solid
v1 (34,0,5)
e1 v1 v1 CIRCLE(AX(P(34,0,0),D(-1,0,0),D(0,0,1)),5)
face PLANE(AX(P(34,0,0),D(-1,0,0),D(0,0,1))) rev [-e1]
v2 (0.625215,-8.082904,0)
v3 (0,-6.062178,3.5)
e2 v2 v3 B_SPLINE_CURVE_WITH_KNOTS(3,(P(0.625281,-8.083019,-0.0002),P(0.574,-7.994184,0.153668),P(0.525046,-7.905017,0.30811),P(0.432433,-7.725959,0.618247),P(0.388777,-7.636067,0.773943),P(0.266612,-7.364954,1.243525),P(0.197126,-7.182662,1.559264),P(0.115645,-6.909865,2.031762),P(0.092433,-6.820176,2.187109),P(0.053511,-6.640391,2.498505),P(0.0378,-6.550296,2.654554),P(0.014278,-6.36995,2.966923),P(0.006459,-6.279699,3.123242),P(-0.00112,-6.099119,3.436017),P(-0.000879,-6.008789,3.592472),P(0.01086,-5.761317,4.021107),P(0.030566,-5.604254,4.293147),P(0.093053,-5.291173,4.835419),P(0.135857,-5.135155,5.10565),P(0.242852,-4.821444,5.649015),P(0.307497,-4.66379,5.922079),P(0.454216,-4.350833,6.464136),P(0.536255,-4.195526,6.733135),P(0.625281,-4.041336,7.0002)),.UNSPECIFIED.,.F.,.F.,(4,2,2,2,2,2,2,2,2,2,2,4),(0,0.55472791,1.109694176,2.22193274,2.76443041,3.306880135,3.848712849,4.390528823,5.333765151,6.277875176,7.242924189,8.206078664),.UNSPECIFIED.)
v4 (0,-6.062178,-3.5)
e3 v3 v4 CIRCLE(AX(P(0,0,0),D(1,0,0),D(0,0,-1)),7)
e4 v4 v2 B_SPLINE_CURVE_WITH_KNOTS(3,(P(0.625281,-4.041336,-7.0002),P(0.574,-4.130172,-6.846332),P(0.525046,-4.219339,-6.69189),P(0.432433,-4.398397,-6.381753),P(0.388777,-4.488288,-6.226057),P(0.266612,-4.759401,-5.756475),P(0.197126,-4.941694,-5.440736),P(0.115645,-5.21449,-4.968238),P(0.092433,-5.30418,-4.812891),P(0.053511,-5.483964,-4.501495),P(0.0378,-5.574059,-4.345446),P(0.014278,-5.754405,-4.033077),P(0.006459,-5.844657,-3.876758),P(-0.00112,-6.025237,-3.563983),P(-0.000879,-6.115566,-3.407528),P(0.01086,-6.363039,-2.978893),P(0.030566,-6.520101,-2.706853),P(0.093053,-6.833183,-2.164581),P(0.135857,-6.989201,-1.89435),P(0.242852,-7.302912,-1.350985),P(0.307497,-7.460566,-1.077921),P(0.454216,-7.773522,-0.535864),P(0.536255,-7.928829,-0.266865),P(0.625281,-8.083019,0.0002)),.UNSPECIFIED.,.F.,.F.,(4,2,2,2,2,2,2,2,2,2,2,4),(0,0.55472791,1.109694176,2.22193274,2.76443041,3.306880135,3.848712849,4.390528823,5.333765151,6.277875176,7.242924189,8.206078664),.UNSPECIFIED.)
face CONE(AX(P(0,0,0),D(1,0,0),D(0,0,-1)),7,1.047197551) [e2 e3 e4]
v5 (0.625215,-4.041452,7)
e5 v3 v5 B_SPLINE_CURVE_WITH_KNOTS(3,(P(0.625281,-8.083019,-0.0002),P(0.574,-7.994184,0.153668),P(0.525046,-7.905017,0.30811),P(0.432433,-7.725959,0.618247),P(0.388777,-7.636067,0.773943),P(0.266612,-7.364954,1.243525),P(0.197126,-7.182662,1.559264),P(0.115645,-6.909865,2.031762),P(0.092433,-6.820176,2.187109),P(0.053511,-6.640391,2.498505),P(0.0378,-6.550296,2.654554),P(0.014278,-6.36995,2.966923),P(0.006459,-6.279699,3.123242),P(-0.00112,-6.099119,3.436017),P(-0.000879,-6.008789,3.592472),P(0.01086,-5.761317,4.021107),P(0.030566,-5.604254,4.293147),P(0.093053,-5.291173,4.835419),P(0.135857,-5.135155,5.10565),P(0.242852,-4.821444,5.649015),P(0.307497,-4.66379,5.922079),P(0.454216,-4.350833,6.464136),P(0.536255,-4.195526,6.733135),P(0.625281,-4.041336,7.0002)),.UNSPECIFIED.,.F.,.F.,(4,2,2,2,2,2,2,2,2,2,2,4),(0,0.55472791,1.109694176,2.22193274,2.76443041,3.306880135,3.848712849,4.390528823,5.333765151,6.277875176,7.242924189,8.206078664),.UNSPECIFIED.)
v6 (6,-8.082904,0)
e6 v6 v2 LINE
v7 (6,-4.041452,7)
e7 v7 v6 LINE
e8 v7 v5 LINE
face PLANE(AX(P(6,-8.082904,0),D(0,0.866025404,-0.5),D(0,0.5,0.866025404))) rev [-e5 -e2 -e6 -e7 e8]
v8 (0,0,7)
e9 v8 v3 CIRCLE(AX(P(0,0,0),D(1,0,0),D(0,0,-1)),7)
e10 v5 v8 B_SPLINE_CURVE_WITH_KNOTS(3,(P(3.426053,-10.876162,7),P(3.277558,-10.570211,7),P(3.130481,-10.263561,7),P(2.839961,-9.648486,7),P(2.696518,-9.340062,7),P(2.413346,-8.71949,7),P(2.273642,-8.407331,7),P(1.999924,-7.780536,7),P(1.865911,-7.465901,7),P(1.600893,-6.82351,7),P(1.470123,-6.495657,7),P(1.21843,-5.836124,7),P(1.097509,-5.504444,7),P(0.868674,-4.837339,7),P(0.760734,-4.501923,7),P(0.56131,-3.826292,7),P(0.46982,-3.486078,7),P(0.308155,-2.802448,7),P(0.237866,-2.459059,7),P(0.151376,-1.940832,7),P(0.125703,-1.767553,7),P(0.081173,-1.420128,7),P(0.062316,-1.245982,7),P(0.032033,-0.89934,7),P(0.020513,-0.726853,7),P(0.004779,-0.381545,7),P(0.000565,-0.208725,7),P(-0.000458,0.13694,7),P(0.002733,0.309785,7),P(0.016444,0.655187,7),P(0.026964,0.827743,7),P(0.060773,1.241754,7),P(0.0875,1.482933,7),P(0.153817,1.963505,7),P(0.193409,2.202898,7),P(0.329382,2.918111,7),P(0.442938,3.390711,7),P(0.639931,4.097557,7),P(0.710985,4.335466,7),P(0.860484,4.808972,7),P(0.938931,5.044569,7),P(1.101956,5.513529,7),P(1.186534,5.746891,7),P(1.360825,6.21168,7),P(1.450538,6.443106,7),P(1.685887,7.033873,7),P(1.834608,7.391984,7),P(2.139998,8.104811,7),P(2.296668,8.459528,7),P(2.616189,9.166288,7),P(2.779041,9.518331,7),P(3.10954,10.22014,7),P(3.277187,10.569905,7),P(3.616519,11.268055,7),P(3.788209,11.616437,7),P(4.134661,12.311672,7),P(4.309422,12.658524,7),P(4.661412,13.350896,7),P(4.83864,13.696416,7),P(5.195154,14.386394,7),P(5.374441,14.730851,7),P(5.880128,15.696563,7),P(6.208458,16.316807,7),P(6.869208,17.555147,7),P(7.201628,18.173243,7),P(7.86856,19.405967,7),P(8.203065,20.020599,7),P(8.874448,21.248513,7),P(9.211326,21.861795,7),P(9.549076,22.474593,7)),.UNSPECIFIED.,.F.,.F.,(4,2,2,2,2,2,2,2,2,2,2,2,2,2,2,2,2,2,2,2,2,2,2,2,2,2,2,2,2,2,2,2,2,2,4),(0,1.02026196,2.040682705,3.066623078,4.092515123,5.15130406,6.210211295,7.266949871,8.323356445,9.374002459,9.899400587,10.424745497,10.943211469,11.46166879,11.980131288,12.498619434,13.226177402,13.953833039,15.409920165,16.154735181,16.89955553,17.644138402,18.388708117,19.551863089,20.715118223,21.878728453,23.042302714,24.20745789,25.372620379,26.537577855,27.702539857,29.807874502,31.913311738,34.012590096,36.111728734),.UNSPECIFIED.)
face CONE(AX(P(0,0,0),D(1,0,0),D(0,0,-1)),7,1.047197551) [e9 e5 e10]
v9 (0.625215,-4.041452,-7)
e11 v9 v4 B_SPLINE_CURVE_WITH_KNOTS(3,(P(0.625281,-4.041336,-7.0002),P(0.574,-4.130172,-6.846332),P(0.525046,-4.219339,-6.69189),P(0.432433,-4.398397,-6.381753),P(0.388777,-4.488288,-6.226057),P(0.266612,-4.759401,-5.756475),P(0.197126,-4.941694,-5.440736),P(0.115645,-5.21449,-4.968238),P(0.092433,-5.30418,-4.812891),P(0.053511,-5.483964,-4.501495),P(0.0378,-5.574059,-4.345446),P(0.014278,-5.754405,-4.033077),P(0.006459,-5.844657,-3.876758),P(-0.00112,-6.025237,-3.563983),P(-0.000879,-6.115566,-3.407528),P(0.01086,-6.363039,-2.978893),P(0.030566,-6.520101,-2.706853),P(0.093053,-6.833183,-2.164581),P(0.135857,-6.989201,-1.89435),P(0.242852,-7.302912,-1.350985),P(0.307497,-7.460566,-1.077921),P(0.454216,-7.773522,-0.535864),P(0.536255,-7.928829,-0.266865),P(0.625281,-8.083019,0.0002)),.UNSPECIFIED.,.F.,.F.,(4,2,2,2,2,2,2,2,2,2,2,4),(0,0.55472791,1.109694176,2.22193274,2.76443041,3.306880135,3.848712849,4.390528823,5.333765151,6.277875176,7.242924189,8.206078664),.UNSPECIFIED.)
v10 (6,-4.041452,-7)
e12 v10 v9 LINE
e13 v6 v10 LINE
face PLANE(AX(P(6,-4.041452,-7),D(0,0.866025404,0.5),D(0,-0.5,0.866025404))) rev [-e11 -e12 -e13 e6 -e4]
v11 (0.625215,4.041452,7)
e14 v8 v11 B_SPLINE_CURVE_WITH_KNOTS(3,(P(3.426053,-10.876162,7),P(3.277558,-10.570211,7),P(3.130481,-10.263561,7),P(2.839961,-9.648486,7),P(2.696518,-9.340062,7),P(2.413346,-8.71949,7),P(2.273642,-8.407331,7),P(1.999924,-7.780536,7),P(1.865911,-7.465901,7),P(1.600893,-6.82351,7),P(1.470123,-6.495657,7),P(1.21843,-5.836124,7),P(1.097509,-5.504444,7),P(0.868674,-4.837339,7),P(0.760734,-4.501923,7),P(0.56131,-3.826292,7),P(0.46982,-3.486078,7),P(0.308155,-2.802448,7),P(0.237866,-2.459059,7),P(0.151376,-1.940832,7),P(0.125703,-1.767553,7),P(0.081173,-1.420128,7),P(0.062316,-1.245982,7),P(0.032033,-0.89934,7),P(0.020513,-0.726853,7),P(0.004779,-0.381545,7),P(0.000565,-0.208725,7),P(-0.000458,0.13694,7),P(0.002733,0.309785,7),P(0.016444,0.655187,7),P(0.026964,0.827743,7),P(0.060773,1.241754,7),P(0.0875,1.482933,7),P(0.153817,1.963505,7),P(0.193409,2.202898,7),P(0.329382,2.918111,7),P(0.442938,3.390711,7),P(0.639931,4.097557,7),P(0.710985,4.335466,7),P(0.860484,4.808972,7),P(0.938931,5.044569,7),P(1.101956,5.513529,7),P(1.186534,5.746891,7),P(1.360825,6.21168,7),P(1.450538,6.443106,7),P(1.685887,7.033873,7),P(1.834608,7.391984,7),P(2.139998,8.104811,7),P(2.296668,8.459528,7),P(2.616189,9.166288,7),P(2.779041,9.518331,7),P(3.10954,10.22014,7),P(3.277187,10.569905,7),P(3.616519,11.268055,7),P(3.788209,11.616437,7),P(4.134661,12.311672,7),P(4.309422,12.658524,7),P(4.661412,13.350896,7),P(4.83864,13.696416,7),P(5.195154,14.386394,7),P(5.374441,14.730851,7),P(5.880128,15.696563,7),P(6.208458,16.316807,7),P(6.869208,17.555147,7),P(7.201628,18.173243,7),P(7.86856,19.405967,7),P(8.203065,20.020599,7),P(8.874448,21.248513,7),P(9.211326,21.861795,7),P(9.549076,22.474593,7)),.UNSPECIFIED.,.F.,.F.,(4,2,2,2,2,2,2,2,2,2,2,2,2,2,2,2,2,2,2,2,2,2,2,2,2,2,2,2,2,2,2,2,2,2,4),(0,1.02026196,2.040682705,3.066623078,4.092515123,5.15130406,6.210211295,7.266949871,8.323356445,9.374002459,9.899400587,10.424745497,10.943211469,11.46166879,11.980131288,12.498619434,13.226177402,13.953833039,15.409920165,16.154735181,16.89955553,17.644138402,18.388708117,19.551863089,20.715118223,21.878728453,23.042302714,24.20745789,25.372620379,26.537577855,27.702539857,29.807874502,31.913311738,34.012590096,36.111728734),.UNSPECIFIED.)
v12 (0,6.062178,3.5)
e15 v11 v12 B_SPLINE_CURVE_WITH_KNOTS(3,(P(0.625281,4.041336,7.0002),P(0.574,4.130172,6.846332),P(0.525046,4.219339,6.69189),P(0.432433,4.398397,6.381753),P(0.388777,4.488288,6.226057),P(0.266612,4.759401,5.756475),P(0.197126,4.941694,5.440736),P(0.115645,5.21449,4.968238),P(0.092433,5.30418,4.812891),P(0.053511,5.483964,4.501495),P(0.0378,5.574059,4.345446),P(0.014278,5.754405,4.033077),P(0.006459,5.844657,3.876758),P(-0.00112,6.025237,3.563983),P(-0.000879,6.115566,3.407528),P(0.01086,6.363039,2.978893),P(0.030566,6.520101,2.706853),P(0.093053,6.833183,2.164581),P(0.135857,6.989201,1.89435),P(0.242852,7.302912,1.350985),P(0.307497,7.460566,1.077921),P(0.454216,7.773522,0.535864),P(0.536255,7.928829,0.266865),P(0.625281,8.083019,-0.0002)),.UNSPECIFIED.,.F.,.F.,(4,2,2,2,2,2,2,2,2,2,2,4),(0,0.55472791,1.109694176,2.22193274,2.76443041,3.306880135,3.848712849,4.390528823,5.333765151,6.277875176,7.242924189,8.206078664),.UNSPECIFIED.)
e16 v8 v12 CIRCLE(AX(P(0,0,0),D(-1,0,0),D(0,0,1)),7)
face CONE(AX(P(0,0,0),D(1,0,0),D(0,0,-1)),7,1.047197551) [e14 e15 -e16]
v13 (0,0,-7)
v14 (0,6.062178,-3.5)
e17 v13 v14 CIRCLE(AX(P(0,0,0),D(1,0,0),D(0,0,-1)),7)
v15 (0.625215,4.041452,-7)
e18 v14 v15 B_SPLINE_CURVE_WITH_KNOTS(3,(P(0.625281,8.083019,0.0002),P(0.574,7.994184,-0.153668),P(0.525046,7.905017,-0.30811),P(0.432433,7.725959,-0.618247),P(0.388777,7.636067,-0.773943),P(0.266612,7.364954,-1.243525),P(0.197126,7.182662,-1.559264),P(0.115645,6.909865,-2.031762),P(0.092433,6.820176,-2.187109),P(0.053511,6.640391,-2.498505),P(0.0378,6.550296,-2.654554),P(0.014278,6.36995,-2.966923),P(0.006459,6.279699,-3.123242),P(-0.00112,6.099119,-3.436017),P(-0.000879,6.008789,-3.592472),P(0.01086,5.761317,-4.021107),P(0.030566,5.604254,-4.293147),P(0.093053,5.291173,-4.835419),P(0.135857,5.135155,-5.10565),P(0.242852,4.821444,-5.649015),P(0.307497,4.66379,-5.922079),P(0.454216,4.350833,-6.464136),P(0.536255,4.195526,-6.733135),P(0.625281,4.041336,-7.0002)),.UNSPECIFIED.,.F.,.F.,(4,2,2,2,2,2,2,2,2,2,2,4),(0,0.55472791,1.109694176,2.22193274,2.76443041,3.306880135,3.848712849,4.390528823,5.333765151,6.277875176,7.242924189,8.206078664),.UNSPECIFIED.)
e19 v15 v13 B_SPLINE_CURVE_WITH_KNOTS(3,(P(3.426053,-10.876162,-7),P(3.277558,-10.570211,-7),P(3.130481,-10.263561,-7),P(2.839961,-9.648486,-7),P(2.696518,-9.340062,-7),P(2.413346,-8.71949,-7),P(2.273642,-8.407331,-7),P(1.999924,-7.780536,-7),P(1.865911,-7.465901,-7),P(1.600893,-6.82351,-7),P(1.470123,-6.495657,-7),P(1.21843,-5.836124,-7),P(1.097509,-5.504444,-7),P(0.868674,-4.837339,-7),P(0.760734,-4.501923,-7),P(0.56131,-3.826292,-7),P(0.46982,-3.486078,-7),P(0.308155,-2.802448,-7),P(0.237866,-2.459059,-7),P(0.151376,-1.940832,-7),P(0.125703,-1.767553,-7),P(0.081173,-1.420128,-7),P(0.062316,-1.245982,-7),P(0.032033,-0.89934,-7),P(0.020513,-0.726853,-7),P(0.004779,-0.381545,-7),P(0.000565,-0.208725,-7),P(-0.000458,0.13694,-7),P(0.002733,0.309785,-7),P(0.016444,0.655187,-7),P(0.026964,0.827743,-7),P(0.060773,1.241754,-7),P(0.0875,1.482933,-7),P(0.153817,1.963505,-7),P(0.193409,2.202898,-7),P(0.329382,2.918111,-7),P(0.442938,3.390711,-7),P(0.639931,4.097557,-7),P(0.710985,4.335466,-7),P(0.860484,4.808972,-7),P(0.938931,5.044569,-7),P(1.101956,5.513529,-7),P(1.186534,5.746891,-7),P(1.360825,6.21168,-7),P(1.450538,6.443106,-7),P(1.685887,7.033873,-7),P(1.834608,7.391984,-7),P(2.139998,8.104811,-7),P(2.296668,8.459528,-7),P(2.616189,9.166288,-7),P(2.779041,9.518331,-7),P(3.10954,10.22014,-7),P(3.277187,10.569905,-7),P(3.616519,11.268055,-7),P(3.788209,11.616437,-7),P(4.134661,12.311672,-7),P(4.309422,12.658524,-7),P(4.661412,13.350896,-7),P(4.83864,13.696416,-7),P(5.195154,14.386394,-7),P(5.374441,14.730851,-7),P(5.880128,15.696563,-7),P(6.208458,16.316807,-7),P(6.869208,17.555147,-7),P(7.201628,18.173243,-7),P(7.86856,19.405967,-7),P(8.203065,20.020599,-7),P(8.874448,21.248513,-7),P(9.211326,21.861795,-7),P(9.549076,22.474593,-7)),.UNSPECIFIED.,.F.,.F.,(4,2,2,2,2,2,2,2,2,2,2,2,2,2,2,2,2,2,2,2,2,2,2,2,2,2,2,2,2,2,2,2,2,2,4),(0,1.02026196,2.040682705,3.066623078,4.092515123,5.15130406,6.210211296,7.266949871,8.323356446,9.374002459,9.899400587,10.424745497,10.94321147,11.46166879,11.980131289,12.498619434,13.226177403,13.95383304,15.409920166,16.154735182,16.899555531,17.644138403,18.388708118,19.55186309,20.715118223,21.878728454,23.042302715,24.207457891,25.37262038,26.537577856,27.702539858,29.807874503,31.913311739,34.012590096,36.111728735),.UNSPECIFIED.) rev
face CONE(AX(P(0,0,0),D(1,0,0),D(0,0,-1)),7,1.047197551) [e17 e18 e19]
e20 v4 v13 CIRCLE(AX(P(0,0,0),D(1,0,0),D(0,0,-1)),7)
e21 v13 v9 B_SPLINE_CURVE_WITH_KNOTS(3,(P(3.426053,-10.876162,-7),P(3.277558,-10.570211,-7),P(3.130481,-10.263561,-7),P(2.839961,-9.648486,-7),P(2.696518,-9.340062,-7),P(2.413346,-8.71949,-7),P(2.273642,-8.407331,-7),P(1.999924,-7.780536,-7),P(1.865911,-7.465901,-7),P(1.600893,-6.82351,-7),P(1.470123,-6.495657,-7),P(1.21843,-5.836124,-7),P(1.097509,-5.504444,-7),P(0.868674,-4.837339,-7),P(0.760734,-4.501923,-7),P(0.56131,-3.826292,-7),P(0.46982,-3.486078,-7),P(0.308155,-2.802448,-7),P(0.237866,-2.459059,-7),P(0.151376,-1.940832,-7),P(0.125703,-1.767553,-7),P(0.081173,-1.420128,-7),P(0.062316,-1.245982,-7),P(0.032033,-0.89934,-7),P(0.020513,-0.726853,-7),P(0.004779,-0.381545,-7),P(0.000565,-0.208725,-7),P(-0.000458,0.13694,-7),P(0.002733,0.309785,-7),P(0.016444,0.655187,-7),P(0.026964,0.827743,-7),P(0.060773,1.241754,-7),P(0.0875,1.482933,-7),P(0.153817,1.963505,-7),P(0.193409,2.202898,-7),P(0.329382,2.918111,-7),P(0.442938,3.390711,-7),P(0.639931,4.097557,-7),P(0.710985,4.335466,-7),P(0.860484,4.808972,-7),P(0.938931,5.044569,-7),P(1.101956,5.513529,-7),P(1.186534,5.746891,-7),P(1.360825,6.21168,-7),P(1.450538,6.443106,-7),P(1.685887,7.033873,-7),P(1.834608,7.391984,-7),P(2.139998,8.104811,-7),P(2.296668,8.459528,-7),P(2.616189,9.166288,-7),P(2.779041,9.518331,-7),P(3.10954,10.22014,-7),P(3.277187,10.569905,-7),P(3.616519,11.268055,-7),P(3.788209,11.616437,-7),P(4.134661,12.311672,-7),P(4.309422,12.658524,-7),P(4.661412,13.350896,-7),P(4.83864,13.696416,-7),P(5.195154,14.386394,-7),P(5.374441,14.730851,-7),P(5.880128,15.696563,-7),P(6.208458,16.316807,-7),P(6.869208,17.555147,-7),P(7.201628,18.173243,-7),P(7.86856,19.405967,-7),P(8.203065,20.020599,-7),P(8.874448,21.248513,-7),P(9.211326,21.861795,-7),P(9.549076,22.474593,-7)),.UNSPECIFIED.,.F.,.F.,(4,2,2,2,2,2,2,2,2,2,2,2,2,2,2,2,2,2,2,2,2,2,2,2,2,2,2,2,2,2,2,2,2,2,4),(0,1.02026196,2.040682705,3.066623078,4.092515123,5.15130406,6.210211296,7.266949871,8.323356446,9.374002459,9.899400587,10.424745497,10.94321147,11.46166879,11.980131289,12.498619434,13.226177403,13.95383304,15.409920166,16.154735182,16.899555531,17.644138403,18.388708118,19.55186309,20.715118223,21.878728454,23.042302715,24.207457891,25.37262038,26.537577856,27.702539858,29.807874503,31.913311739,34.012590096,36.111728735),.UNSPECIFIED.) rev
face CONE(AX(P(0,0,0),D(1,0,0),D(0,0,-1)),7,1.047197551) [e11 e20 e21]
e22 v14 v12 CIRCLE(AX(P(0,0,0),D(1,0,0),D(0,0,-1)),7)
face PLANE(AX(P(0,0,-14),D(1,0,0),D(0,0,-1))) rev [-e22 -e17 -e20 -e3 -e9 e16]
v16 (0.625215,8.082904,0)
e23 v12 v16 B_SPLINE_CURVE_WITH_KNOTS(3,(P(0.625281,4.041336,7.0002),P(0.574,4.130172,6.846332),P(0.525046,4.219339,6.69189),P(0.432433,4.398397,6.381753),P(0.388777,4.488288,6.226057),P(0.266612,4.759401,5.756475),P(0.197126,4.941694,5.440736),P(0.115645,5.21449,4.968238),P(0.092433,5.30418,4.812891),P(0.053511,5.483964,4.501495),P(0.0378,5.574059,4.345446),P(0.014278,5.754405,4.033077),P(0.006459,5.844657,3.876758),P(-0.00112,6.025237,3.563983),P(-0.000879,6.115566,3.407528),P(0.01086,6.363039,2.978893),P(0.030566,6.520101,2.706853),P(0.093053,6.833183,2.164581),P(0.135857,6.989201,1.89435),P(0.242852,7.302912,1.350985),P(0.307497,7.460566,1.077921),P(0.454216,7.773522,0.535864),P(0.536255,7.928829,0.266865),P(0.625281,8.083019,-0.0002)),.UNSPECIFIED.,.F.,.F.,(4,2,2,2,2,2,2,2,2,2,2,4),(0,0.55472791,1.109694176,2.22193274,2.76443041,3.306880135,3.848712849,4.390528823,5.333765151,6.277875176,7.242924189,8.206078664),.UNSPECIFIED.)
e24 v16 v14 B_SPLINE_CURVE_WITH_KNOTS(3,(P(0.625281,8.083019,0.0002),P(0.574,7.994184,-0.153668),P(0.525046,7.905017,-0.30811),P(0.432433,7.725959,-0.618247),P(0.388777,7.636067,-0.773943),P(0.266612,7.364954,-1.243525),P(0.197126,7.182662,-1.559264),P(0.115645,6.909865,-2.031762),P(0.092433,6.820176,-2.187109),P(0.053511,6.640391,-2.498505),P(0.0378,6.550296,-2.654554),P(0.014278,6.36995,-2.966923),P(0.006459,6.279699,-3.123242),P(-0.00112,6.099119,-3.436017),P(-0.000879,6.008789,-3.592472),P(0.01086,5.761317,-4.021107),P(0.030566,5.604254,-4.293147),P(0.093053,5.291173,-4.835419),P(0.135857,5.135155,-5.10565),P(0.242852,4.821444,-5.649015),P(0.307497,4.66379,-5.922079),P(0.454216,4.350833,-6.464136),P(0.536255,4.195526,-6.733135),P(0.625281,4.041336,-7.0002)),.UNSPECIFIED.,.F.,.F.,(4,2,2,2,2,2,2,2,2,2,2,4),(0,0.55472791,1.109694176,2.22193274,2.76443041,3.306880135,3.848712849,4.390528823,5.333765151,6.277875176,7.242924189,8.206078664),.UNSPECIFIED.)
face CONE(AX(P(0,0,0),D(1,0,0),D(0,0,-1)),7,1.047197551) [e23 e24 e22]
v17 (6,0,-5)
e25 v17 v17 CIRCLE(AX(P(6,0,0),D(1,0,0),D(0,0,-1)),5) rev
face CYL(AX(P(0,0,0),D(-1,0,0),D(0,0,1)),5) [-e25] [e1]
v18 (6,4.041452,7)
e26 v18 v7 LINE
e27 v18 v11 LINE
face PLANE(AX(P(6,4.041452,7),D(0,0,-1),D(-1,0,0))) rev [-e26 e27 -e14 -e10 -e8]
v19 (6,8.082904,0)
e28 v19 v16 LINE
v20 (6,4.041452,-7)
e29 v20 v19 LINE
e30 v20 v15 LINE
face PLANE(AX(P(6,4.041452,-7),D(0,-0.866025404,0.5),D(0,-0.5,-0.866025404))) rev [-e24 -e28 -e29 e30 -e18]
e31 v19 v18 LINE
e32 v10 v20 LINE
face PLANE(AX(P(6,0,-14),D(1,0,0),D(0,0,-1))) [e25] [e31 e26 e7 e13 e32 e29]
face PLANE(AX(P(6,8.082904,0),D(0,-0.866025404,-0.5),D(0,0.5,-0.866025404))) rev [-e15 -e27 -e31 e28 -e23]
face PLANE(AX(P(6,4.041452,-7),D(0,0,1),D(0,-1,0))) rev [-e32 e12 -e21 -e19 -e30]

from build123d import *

# Parameters (mm, degrees)
BASEHEAD_DEPTH = 6
BODYSKE_W      = 34
BODYSKE_H      = 5


with BuildPart() as part:
    # Sketch1 → BaseHead (new body)
    with BuildSketch(Plane(origin=(0, 0, 0), x_dir=(0, 0, -1), z_dir=(1, 0, 0))):
        Polygon((7, 4.041451884), (7, -4.041451884), (0, -8.082903769), (-7, -4.041451884), (-7, 4.041451884), (0, 8.082903769), align=None)
    extrude(amount=BASEHEAD_DEPTH)

    # BodySke → BaseBody (revolve)
    with BuildSketch(Plane.XY, mode=Mode.PRIVATE) as basebody_sk:
        with Locations((17, 2.5)):
            Rectangle(BODYSKE_W, BODYSKE_H)
    revolve(basebody_sk.sketch.rotate(Axis((0, 0, 0), (1, 0, 0)), 90), axis=Axis((0, 0, 0), (1, 0, 0)))

    # Sketch3 → HeadChamfer (revolve, cut)
    with BuildSketch(Plane.XY):
        Polygon((0, 7), (3.511966128, 13.082903769), (3.511966128, 18.082903769), (-10, 18.082903769), (-10, 7), align=None)
    revolve(axis=Axis((0, 0, 0), (1, 0, 0)), mode=Mode.SUBTRACT)


solid = part.part
